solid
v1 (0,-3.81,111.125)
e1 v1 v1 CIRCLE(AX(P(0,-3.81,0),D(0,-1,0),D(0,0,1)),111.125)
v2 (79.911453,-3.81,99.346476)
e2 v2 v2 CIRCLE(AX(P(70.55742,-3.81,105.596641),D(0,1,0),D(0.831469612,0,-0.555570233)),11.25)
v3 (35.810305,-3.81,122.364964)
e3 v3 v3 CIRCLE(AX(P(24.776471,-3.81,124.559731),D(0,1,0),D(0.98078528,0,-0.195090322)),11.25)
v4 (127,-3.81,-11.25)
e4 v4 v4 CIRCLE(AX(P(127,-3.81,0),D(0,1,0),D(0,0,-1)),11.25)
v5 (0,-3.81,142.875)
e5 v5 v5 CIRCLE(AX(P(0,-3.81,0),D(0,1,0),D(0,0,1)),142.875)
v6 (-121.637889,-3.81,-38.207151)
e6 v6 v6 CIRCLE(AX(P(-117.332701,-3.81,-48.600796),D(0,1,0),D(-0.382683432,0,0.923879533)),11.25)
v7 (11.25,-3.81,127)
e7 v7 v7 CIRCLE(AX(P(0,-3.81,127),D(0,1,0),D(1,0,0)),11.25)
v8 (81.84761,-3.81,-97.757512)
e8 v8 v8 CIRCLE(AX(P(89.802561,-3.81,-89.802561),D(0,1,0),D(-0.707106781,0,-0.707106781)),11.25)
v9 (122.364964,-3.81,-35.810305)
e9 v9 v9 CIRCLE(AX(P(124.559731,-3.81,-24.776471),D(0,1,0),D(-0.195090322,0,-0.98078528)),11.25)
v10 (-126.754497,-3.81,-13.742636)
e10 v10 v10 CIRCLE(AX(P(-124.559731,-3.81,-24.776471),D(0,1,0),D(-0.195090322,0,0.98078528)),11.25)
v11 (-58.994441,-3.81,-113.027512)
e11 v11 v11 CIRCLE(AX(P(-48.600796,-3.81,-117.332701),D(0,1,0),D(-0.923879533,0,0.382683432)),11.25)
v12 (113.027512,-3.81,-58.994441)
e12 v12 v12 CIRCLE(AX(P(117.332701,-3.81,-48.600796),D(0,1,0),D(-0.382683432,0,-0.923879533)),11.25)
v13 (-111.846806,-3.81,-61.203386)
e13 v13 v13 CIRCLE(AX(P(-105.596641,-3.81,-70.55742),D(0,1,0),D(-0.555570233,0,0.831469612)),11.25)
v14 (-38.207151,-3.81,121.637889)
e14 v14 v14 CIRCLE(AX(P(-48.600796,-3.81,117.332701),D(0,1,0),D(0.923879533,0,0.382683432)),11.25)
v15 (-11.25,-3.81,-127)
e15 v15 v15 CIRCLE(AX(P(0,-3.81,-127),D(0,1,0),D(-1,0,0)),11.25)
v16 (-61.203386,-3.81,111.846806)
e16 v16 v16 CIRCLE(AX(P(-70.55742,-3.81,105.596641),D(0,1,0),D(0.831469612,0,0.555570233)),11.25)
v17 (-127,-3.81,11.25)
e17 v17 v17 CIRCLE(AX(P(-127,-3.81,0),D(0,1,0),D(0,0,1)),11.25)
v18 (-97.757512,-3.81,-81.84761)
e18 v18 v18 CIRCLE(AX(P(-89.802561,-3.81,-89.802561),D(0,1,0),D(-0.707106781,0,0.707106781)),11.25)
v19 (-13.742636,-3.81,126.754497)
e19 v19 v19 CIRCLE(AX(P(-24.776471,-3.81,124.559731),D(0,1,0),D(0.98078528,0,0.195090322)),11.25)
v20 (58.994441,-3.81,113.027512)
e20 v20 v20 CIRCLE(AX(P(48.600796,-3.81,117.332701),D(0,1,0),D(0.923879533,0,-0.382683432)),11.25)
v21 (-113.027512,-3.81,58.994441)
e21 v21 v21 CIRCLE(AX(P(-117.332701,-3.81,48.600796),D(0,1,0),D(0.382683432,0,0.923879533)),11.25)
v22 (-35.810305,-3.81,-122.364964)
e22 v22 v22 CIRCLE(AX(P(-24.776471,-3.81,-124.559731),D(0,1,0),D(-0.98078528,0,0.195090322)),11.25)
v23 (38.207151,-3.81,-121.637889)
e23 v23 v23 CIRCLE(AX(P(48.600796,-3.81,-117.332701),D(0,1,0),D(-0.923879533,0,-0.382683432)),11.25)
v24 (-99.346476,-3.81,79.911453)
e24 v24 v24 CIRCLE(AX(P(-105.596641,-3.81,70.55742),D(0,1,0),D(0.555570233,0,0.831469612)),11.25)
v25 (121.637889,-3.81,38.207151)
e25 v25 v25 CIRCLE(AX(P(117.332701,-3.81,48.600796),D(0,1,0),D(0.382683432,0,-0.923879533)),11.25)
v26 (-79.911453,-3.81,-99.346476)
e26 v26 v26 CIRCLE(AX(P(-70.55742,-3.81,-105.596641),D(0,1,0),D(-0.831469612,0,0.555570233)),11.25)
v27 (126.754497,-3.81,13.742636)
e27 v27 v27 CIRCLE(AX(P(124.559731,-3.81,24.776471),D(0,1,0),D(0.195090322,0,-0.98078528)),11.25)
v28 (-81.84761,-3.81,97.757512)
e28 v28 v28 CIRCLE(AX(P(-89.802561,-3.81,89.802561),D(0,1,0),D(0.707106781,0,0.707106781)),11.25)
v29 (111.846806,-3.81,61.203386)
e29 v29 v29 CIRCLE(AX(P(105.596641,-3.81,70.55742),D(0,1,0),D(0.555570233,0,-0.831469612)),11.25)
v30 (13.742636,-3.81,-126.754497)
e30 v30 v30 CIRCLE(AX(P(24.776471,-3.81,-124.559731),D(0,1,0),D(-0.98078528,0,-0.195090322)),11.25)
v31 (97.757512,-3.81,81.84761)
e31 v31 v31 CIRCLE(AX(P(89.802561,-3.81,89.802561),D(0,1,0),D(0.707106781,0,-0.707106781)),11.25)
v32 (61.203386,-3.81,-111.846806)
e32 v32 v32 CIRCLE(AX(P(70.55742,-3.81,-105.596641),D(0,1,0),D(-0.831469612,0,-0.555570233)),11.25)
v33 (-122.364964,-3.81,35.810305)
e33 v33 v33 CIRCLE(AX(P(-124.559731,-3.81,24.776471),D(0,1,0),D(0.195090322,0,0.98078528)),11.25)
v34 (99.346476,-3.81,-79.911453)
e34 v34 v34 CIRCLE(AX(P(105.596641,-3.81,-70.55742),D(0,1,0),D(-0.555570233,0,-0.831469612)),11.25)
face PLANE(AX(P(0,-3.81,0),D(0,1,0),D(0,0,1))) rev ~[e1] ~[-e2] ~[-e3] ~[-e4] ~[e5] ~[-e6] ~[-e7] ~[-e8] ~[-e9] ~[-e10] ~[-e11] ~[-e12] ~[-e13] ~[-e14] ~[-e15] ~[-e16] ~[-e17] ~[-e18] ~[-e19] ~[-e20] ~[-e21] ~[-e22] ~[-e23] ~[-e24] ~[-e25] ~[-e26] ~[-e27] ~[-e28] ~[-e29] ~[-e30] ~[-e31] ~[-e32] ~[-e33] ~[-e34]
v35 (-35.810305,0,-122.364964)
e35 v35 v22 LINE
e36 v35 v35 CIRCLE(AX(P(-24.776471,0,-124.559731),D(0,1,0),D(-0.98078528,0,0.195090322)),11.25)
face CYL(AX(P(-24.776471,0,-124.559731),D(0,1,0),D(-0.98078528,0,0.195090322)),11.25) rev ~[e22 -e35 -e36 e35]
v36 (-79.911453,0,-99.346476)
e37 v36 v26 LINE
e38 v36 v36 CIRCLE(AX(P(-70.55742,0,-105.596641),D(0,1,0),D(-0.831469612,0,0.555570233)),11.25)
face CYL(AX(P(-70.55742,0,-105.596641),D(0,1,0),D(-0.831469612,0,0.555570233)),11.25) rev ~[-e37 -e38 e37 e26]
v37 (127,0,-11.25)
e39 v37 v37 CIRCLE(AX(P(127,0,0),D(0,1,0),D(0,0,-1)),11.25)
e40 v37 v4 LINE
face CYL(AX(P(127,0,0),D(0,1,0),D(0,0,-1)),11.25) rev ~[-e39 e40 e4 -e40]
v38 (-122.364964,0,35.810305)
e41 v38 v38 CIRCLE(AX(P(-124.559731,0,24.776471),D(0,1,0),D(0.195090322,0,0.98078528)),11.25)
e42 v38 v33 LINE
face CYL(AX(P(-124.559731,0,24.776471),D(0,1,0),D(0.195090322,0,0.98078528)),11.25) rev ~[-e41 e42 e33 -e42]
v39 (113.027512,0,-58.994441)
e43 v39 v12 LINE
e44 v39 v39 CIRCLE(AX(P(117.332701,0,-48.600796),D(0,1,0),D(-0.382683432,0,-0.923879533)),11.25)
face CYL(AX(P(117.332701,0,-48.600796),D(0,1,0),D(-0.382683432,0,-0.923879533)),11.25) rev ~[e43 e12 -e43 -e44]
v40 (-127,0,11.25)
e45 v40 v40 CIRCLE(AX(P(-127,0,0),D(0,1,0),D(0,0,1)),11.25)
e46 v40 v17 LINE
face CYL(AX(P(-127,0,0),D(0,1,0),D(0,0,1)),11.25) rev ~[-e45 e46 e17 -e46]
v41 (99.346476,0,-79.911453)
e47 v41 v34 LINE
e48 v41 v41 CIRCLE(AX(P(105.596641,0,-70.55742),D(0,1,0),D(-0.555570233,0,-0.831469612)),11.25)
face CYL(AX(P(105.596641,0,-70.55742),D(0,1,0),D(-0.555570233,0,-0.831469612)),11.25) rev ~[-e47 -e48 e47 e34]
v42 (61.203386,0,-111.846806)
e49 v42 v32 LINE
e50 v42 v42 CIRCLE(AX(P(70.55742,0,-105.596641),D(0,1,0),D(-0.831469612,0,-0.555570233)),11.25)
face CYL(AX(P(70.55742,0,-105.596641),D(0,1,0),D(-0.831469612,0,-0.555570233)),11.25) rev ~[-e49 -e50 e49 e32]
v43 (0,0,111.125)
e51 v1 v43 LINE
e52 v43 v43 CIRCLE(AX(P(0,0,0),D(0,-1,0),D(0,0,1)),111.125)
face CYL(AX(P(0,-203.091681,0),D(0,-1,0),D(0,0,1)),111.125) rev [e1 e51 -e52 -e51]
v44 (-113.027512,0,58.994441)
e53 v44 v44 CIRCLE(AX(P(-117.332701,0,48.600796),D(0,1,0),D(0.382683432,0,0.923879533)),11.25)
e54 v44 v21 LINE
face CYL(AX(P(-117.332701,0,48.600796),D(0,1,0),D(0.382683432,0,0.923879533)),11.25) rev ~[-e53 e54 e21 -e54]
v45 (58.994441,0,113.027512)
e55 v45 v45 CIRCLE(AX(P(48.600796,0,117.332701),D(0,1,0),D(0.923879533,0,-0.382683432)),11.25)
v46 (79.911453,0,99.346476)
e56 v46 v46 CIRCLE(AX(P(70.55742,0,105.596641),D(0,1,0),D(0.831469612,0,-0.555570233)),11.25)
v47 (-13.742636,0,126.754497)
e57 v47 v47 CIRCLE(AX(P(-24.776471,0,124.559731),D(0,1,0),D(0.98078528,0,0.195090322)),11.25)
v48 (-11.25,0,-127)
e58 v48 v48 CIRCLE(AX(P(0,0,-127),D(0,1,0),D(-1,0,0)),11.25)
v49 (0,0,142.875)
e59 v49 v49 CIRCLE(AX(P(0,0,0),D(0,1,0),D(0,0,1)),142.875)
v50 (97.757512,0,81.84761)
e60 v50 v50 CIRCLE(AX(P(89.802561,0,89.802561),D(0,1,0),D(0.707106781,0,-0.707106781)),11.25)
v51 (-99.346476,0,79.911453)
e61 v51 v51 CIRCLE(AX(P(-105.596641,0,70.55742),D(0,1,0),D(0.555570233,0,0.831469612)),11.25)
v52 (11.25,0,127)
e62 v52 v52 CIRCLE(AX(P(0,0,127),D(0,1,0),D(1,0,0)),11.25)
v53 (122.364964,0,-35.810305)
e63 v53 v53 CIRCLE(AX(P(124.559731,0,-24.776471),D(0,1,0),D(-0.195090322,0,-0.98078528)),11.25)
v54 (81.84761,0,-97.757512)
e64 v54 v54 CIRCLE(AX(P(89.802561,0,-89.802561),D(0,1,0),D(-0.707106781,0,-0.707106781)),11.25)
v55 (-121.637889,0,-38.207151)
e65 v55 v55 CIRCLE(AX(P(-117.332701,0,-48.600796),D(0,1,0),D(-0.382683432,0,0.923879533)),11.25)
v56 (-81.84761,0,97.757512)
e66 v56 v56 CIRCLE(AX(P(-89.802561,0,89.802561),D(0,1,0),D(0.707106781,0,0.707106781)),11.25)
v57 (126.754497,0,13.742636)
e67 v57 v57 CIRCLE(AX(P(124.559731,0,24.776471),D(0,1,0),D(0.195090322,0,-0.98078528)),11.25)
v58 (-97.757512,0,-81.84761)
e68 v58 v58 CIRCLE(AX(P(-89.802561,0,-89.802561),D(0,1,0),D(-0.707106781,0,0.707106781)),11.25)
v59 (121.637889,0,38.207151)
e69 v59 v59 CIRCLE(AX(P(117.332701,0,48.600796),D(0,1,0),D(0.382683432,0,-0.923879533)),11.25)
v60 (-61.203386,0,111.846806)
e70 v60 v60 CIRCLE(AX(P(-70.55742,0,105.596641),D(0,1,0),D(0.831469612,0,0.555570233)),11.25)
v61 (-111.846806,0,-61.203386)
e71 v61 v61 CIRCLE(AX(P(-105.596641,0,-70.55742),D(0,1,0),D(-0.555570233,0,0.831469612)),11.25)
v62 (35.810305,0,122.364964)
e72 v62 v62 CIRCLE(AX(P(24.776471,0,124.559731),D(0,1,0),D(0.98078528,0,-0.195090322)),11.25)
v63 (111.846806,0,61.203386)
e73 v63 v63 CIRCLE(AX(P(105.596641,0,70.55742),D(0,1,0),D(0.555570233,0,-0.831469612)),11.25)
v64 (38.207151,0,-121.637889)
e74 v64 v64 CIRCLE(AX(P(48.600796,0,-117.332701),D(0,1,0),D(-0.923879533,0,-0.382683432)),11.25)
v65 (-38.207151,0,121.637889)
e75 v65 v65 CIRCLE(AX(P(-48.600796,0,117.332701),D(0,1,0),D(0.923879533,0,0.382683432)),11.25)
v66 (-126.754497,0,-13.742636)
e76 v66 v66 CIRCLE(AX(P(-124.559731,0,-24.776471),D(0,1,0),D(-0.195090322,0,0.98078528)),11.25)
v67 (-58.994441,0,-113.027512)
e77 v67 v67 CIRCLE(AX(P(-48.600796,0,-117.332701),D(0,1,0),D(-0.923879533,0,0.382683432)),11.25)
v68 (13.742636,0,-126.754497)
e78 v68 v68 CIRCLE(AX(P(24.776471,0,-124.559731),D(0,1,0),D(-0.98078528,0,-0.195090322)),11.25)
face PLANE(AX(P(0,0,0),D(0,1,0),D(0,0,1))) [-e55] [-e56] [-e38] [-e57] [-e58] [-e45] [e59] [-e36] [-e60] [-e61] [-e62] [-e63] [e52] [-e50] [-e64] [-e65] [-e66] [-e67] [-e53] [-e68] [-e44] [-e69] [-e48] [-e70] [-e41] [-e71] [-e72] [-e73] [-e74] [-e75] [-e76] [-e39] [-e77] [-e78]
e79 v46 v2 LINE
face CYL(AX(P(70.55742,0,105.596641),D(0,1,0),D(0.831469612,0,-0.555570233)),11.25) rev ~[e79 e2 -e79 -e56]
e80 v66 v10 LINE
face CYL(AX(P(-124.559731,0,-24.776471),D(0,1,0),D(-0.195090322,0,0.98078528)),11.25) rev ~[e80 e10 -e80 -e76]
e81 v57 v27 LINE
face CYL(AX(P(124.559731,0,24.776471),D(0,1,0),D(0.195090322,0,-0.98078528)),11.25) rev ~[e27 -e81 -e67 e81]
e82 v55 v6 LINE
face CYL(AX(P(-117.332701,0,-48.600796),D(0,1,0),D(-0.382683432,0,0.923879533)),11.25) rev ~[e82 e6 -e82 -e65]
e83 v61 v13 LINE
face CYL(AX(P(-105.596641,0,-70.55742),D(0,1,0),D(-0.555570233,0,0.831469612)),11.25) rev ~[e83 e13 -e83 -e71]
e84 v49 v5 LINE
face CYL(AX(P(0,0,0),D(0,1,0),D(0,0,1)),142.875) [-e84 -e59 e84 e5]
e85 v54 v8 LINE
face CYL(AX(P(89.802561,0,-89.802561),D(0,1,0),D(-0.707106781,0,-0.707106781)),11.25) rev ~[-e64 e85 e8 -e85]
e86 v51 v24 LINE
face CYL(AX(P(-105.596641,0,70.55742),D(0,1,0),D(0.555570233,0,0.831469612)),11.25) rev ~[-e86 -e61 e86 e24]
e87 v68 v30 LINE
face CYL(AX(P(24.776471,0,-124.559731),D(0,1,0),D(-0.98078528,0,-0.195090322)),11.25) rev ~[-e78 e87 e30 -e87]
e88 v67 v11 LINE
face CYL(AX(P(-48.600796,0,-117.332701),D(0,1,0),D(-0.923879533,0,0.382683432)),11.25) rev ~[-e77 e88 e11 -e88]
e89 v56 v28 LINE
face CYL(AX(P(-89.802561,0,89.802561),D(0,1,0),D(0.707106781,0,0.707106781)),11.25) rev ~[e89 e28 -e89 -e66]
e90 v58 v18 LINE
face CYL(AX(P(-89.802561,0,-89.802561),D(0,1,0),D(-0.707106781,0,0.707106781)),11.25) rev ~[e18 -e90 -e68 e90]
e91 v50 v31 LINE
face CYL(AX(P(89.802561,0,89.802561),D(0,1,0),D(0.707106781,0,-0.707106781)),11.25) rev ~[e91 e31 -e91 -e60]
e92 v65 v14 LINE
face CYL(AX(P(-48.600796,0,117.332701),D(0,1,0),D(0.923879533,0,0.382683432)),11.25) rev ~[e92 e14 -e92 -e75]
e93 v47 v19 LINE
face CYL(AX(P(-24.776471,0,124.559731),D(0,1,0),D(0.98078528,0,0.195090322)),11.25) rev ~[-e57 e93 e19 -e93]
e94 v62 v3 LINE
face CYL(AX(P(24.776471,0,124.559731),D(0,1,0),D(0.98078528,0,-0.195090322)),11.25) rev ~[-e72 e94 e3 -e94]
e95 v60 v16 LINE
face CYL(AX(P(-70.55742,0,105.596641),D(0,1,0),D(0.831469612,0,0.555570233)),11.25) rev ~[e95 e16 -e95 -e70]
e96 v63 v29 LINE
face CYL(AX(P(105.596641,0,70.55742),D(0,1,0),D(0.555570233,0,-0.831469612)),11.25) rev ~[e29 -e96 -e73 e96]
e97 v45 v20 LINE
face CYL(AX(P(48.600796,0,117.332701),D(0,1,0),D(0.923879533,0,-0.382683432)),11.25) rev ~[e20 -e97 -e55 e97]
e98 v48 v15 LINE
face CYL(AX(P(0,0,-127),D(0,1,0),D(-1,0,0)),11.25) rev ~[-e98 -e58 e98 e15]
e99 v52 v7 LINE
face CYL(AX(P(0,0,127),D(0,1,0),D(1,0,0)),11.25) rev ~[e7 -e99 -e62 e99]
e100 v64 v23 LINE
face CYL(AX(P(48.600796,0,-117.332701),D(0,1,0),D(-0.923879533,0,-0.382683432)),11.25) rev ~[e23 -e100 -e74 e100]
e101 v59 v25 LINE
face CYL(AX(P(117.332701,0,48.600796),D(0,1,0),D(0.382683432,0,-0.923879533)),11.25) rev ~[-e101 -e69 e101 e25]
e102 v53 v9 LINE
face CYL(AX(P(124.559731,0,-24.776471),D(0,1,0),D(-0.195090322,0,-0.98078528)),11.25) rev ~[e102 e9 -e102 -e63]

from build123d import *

# Parameters (mm, degrees)
SKETCH1_R               = 142.875
SKETCH1_R_2             = 11.25
BOSS_EXTRUDE2_DEPTH     = 3.81
SKETCH2_R               = 11.25
CUT_EXTRUDE1_DEPTH      = 203.091680556
CUT_EXTRUDE2_DEPTH      = 203.091680556
CUT_EXTRUDE2_DEPTH_BACK = 203.091680556
SKETCH4_R               = 111.125
CIRPATTERN1_COUNT       = 32


with BuildPart() as part:
    # Sketch1 → Boss-Extrude2 (new body)
    with BuildSketch(Plane(origin=(0, 0, 0), x_dir=(1, 0, 0), z_dir=(0, 1, 0))):
        with Locations(Location((0, 0, 0), (0, 0, 270))):
            Circle(SKETCH1_R)
        with Locations(Location((0, 0, 0), (0, 0, 270))):
            Circle(SKETCH1_R_2, mode=Mode.SUBTRACT)
    extrude(amount=-BOSS_EXTRUDE2_DEPTH)

    # Sketch2 → Cut-Extrude1 (cut, through all)
    with BuildSketch(Plane(origin=(0, 0, 0), x_dir=(1, 0, 0), z_dir=(0, 1, 0))):
        with Locations(Location((-127, 0, 0), (0, 0, 270))):
            Circle(SKETCH2_R)
    cut_extrude1 = extrude(amount=-CUT_EXTRUDE1_DEPTH, mode=Mode.SUBTRACT)

    # Sketch4 → Cut-Extrude2 (cut, two sides: drawn at the far end of the back side and taken through both)
    with BuildSketch(Plane(origin=(0, 0, 0), x_dir=(1, 0, 0), z_dir=(0, 1, 0)).offset(-CUT_EXTRUDE2_DEPTH_BACK)):
        with Locations(Location((0, 0, 0), (0, 0, 270))):
            Circle(SKETCH4_R)
    extrude(amount=CUT_EXTRUDE2_DEPTH + CUT_EXTRUDE2_DEPTH_BACK, mode=Mode.SUBTRACT)

    # CirPattern1: Cut-Extrude1 ×32 about axis
    cirpattern1_axis = Axis((0, 0, 0), (0, 1, 0))
    for i in range(1, CIRPATTERN1_COUNT):
        add(cut_extrude1.rotate(cirpattern1_axis, i * 360 / CIRPATTERN1_COUNT), mode=Mode.SUBTRACT)


solid = part.part
